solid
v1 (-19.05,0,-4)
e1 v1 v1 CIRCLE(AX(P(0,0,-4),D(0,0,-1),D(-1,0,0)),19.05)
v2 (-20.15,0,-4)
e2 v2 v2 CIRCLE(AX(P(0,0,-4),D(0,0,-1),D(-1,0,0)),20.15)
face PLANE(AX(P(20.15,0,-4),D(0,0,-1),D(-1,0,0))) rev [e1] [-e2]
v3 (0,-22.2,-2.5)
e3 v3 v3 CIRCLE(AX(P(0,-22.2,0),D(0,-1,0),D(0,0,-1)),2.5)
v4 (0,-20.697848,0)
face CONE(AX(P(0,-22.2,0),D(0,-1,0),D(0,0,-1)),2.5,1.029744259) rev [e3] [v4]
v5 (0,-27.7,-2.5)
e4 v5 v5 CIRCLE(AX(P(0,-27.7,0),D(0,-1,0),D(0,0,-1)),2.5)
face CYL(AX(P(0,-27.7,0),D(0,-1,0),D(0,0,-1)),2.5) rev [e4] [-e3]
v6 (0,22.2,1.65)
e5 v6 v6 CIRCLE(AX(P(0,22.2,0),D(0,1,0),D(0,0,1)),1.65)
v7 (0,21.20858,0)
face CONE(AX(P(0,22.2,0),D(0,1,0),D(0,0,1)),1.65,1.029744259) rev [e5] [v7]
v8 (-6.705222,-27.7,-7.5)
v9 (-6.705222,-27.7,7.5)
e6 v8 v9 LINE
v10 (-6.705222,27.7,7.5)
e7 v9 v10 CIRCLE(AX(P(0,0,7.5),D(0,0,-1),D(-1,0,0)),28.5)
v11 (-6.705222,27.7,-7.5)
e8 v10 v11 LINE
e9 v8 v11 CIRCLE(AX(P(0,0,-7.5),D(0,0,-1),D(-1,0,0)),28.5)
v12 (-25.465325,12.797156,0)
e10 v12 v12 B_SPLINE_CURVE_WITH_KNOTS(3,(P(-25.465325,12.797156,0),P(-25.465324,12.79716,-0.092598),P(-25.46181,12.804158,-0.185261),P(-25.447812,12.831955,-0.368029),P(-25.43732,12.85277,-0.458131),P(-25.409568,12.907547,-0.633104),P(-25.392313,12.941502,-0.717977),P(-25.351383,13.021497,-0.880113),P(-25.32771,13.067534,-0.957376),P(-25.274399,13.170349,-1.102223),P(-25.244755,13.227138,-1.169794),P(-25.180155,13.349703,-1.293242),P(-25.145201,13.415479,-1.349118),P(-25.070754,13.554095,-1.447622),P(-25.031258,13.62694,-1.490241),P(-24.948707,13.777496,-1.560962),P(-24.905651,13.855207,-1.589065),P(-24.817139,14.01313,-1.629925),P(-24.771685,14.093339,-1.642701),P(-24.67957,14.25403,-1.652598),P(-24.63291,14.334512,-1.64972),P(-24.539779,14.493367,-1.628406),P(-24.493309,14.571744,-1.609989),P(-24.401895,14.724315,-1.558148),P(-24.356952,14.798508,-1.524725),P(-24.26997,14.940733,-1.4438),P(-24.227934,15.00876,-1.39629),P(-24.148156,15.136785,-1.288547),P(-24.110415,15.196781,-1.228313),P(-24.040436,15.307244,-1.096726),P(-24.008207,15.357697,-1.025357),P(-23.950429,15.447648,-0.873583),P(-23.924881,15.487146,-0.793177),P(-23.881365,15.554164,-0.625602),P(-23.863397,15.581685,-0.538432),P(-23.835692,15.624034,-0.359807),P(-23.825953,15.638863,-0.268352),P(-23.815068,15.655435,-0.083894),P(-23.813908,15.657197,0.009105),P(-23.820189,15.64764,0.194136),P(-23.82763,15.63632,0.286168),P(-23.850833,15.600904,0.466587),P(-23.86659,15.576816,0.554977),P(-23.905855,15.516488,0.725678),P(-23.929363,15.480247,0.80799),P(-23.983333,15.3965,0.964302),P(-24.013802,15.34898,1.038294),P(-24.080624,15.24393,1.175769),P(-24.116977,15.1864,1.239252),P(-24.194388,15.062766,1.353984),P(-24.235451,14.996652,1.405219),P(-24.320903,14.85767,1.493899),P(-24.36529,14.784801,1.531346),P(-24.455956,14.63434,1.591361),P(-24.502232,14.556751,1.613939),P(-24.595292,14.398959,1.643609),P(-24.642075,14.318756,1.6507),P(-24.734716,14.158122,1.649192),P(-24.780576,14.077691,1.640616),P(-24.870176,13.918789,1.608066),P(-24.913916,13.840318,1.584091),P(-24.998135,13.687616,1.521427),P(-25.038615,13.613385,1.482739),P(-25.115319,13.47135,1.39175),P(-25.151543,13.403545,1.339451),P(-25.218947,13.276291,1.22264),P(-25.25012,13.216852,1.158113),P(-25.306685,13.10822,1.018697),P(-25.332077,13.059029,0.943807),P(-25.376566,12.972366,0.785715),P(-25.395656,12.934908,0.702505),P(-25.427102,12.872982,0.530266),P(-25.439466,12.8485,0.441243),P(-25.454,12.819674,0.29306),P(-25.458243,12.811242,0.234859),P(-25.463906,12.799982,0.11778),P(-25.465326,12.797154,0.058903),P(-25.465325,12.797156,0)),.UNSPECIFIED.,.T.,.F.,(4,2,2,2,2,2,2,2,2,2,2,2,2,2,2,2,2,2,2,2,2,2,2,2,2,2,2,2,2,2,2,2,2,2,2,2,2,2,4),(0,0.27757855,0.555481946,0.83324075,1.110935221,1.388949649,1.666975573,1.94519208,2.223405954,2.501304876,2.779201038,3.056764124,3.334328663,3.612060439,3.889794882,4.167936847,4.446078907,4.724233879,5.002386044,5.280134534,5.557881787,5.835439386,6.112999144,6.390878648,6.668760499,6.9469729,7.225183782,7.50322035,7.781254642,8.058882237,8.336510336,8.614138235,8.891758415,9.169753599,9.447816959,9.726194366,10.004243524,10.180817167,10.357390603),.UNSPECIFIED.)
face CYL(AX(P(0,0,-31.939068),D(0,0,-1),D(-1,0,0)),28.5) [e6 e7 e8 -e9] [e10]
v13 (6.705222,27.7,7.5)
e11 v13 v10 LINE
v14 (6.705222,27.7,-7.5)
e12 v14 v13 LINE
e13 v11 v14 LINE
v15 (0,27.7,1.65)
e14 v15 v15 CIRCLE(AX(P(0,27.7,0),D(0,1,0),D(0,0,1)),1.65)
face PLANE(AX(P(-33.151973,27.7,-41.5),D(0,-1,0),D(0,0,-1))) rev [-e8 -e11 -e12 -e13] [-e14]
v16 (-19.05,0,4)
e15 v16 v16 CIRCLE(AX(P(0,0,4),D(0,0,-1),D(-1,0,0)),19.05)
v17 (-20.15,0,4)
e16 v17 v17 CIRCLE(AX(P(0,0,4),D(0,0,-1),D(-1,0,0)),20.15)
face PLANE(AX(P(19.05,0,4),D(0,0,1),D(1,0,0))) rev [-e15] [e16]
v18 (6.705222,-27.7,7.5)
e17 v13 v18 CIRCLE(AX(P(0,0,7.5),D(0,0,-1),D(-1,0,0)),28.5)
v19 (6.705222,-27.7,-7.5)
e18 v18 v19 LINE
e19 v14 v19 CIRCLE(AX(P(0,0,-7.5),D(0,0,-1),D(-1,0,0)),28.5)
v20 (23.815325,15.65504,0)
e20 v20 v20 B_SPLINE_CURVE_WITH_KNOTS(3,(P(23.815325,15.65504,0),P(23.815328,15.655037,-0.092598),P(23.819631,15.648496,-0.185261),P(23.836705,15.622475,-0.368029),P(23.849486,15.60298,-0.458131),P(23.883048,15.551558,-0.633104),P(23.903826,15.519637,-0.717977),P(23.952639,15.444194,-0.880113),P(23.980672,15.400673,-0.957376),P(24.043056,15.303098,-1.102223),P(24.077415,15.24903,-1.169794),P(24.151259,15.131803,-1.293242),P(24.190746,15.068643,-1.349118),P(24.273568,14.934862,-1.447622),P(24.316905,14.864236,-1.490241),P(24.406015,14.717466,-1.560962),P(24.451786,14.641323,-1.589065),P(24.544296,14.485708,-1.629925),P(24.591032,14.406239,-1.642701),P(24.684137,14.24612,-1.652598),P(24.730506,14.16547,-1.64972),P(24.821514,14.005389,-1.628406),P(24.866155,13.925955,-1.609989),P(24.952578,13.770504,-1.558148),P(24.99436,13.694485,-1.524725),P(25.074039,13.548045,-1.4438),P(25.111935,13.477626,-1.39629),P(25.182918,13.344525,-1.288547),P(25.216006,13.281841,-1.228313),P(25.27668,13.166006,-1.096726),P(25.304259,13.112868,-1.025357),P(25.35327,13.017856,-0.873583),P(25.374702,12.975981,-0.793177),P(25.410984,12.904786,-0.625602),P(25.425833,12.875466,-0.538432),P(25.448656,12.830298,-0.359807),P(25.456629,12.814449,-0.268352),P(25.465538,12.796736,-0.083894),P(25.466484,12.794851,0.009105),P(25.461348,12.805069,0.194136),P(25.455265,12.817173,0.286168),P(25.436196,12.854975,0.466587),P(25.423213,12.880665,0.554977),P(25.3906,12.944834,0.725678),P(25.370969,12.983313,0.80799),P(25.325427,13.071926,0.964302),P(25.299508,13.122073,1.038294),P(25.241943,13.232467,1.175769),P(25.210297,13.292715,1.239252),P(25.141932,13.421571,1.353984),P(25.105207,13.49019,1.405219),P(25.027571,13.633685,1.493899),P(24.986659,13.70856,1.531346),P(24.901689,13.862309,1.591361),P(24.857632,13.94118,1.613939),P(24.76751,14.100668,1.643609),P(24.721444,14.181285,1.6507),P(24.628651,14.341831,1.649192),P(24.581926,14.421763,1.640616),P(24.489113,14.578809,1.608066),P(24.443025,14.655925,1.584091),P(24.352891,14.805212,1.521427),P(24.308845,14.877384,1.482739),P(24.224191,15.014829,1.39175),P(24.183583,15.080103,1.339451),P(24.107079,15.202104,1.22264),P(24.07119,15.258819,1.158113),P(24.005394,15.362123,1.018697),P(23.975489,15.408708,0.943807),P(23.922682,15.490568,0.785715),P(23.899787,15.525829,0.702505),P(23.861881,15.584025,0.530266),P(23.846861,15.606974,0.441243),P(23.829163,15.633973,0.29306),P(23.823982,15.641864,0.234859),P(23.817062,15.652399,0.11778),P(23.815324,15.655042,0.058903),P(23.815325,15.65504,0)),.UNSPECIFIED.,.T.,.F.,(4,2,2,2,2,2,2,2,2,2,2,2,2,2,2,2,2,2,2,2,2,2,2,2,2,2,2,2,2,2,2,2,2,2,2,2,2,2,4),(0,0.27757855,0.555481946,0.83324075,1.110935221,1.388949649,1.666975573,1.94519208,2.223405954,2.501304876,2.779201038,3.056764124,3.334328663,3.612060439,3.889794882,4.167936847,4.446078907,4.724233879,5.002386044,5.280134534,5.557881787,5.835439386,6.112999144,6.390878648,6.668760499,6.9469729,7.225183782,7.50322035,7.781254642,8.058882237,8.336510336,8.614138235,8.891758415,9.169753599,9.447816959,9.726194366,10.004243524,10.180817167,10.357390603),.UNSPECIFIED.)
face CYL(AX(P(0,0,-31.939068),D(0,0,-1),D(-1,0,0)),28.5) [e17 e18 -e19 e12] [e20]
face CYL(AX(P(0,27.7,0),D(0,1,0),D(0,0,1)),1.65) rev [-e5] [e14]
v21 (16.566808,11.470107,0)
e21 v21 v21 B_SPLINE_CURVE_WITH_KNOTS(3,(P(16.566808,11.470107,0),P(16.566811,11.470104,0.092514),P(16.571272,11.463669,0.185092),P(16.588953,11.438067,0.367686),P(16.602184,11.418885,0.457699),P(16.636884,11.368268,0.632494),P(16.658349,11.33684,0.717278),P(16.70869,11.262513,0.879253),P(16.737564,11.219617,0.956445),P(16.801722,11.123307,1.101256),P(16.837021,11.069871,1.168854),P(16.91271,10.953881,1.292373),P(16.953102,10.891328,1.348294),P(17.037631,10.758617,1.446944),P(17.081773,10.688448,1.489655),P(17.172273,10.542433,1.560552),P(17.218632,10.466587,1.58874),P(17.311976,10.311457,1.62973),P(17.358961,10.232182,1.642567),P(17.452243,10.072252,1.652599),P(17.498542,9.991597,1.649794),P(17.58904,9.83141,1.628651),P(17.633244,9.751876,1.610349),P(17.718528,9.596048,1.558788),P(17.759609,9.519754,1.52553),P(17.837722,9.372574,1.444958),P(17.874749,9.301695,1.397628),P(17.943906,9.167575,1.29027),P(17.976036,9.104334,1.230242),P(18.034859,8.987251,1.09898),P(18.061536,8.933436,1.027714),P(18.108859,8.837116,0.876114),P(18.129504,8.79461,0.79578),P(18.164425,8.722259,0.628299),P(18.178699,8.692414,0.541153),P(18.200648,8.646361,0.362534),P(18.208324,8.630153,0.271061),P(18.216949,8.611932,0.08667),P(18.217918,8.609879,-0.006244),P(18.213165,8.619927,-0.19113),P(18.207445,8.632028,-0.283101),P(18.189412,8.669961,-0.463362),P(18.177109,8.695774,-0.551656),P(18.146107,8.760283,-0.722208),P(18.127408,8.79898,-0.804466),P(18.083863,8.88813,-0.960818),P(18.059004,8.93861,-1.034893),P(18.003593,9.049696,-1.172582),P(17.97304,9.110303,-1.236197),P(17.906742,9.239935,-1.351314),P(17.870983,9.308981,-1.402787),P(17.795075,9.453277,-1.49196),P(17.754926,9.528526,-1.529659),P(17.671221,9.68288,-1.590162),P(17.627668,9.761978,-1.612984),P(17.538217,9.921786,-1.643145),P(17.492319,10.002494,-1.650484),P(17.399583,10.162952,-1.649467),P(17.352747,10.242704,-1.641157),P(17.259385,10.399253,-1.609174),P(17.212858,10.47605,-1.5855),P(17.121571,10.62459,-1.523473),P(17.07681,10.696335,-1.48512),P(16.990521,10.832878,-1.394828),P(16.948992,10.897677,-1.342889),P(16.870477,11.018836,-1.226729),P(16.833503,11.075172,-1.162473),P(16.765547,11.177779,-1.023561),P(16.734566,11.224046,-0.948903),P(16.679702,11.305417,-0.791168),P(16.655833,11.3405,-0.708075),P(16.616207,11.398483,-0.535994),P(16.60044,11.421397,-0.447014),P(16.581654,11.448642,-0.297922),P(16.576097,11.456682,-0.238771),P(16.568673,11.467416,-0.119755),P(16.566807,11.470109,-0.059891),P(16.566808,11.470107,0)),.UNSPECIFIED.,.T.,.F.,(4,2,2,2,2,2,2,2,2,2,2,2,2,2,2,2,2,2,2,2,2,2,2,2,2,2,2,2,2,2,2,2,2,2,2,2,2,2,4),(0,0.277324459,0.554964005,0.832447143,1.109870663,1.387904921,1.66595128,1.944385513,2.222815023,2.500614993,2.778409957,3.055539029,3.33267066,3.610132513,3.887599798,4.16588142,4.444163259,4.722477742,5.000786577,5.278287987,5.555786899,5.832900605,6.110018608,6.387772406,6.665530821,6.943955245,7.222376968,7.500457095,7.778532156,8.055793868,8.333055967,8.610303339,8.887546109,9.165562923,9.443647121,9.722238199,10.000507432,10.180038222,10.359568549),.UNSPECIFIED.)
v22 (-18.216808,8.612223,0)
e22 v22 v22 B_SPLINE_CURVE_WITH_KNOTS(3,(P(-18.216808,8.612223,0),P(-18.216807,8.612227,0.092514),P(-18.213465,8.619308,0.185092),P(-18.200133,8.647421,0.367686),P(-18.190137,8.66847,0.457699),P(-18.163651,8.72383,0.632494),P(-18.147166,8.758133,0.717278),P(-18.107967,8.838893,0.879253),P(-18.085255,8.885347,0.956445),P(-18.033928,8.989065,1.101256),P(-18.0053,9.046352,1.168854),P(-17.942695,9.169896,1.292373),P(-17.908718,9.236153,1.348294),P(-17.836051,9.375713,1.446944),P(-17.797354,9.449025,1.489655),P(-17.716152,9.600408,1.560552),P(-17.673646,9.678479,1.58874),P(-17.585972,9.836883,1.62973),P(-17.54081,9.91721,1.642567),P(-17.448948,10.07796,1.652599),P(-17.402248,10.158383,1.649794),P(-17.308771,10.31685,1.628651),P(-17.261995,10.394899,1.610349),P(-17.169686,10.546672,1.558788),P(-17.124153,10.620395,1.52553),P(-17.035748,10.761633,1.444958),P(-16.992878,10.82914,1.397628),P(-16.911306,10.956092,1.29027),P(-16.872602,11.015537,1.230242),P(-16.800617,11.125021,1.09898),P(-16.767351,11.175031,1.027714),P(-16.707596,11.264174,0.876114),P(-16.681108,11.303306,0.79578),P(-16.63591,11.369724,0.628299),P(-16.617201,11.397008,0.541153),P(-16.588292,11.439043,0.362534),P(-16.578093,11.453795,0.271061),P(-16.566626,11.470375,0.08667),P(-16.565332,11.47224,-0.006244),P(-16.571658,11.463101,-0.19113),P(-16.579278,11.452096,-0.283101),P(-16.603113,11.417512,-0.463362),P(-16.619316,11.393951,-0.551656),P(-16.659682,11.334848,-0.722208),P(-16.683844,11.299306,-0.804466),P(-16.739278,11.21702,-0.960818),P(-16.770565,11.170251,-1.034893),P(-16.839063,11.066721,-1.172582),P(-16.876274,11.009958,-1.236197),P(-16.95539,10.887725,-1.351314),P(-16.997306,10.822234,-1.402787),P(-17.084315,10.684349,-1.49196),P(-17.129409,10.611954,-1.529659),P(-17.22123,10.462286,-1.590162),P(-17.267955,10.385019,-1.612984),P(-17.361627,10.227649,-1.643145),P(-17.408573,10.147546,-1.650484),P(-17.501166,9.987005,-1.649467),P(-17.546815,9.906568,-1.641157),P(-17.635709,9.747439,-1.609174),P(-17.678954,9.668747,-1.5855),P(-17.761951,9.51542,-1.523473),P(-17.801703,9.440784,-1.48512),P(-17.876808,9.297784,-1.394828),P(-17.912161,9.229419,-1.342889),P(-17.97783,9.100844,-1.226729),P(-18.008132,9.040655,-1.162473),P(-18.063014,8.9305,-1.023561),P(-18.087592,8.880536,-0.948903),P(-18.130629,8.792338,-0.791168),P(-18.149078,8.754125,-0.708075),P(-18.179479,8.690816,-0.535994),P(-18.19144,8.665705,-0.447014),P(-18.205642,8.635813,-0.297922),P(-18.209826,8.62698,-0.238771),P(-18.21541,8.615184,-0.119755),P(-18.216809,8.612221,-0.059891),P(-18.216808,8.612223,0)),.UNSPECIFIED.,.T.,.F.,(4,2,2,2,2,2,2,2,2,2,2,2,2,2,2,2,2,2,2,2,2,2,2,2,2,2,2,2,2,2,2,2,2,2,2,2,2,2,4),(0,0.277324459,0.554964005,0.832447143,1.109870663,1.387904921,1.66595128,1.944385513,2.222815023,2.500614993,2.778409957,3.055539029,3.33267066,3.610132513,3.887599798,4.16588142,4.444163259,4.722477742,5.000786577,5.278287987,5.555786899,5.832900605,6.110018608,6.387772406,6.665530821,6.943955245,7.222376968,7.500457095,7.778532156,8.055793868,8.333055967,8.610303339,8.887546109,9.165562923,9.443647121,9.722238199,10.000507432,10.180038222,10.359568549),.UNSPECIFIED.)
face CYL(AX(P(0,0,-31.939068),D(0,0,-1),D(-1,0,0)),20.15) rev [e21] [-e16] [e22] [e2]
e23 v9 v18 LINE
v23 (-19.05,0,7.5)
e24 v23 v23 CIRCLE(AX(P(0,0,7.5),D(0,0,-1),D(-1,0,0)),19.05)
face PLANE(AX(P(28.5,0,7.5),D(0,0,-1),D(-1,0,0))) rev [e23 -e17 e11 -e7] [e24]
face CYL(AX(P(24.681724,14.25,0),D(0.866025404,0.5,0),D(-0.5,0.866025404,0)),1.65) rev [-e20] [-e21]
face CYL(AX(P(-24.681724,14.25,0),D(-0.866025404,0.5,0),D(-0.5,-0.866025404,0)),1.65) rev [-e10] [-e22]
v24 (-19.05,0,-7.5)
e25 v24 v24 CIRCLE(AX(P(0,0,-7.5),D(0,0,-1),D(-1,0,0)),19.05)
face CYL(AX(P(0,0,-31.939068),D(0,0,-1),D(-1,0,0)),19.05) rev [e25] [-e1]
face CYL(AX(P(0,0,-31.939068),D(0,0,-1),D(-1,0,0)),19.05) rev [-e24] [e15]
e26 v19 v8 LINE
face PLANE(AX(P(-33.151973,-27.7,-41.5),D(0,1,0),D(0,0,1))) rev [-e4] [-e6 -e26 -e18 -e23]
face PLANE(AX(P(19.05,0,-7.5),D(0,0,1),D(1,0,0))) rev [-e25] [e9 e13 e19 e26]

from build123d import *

# Parameters (mm, degrees)
SKETCH_2_W                       = 64.02174429
SKETCH_2_H                       = 9.248919907
CUT_EXTRUDE_1_DEPTH              = 49
HOLE_WIZARD_M4_2_D               = 3.3
HOLE_WIZARD_M4_2_DEPTH           = 5.5
HOLE_WIZARD_M4_2_TIP             = 0.991420021
HOLE_WIZARD_M6_2_D               = 5
HOLE_WIZARD_M6_2_DEPTH           = 5.5
HOLE_WIZARD_M6_2_TIP             = 1.502151548
HOLE_WIZARD_M4_3_D               = 3.3
HOLE_WIZARD_M4_3_DEPTH           = 13.4
HOLE_WIZARD_M4_3_TIP             = 0.991420021
HOLE_WIZARD_M4_3_ON_FACE_2_D     = 3.3
HOLE_WIZARD_M4_3_ON_FACE_2_DEPTH = 13.4
HOLE_WIZARD_M4_3_ON_FACE_2_TIP   = 0.991420021


with BuildPart() as part:
    # 草图1 → 旋转1 (revolve)
    with BuildSketch(Plane(origin=(0, 0, 0), x_dir=(1, 0, 0), z_dir=(0, 1, 0)), mode=Mode.PRIVATE) as revolve_1_sk:
        Polygon((28.5, 7.5), (28.5, -7.5), (19.05, -7.5), (19.05, -4), (20.15, -4), (20.15, 4), (19.05, 4), (19.05, 7.5), align=None)
    revolve(revolve_1_sk.sketch.rotate(Axis((0, 0, -31.9390681), (0, 0, 1)), 180), axis=Axis((0, 0, -31.9390681), (0, 0, 1)))  # turned: the seam where the file's is

    # 草图2 → 切除-拉伸1 (cut)
    with BuildSketch(Plane.XY.offset(7.5)):
        with Locations((-1.141100508, 32.324459954)):
            Rectangle(SKETCH_2_W, SKETCH_2_H)
        with Locations((-1.141100508, -32.324459954)):
            Rectangle(SKETCH_2_W, SKETCH_2_H)
    extrude(amount=-CUT_EXTRUDE_1_DEPTH, mode=Mode.SUBTRACT)

    # M4 螺纹孔2
    with Locations(Plane(origin=(0, 27.7, 0), x_dir=(1, 0, 0), z_dir=(0, 1, 0))):
        with Locations((0, 0)):
            Hole(HOLE_WIZARD_M4_2_D / 2, depth=HOLE_WIZARD_M4_2_DEPTH)
            with Locations((0, 0, -(HOLE_WIZARD_M4_2_DEPTH + HOLE_WIZARD_M4_2_TIP / 2))):  # 118° drill point
                Cone(0, HOLE_WIZARD_M4_2_D / 2, HOLE_WIZARD_M4_2_TIP, mode=Mode.SUBTRACT)

    # M6 螺纹孔2
    with Locations(Plane(origin=(0, -27.7, 0), x_dir=(-1, 0, 0), z_dir=(0, -1, 0))):
        with Locations((0, 0)):
            Hole(HOLE_WIZARD_M6_2_D / 2, depth=HOLE_WIZARD_M6_2_DEPTH)
            with Locations((0, 0, -(HOLE_WIZARD_M6_2_DEPTH + HOLE_WIZARD_M6_2_TIP / 2))):  # 118° drill point
                Cone(0, HOLE_WIZARD_M6_2_D / 2, HOLE_WIZARD_M6_2_TIP, mode=Mode.SUBTRACT)

    # M4 螺纹孔3
    with Locations(Plane(origin=(24.681724008, 14.25, 0), x_dir=(-0.5, 0.866025404, 0), z_dir=(0.866025404, 0.5, 0))):
        with Locations((0, 0)):
            Hole(HOLE_WIZARD_M4_3_D / 2, depth=HOLE_WIZARD_M4_3_DEPTH)
            with Locations((0, 0, -(HOLE_WIZARD_M4_3_DEPTH + HOLE_WIZARD_M4_3_TIP / 2))):  # 118° drill point
                Cone(0, HOLE_WIZARD_M4_3_D / 2, HOLE_WIZARD_M4_3_TIP, mode=Mode.SUBTRACT)

    # M4 螺纹孔3 on face 2
    with Locations(Plane(origin=(-24.681724008, 14.25, 0), x_dir=(-0.500000175, -0.866025303, 0), z_dir=(-0.866025303, 0.500000175, 0))):
        with Locations((0, 0)):
            Hole(HOLE_WIZARD_M4_3_ON_FACE_2_D / 2, depth=HOLE_WIZARD_M4_3_ON_FACE_2_DEPTH)
            with Locations((0, 0, -(HOLE_WIZARD_M4_3_ON_FACE_2_DEPTH + HOLE_WIZARD_M4_3_ON_FACE_2_TIP / 2))):  # 118° drill point
                Cone(0, HOLE_WIZARD_M4_3_ON_FACE_2_D / 2, HOLE_WIZARD_M4_3_ON_FACE_2_TIP, mode=Mode.SUBTRACT)


solid = part.part
